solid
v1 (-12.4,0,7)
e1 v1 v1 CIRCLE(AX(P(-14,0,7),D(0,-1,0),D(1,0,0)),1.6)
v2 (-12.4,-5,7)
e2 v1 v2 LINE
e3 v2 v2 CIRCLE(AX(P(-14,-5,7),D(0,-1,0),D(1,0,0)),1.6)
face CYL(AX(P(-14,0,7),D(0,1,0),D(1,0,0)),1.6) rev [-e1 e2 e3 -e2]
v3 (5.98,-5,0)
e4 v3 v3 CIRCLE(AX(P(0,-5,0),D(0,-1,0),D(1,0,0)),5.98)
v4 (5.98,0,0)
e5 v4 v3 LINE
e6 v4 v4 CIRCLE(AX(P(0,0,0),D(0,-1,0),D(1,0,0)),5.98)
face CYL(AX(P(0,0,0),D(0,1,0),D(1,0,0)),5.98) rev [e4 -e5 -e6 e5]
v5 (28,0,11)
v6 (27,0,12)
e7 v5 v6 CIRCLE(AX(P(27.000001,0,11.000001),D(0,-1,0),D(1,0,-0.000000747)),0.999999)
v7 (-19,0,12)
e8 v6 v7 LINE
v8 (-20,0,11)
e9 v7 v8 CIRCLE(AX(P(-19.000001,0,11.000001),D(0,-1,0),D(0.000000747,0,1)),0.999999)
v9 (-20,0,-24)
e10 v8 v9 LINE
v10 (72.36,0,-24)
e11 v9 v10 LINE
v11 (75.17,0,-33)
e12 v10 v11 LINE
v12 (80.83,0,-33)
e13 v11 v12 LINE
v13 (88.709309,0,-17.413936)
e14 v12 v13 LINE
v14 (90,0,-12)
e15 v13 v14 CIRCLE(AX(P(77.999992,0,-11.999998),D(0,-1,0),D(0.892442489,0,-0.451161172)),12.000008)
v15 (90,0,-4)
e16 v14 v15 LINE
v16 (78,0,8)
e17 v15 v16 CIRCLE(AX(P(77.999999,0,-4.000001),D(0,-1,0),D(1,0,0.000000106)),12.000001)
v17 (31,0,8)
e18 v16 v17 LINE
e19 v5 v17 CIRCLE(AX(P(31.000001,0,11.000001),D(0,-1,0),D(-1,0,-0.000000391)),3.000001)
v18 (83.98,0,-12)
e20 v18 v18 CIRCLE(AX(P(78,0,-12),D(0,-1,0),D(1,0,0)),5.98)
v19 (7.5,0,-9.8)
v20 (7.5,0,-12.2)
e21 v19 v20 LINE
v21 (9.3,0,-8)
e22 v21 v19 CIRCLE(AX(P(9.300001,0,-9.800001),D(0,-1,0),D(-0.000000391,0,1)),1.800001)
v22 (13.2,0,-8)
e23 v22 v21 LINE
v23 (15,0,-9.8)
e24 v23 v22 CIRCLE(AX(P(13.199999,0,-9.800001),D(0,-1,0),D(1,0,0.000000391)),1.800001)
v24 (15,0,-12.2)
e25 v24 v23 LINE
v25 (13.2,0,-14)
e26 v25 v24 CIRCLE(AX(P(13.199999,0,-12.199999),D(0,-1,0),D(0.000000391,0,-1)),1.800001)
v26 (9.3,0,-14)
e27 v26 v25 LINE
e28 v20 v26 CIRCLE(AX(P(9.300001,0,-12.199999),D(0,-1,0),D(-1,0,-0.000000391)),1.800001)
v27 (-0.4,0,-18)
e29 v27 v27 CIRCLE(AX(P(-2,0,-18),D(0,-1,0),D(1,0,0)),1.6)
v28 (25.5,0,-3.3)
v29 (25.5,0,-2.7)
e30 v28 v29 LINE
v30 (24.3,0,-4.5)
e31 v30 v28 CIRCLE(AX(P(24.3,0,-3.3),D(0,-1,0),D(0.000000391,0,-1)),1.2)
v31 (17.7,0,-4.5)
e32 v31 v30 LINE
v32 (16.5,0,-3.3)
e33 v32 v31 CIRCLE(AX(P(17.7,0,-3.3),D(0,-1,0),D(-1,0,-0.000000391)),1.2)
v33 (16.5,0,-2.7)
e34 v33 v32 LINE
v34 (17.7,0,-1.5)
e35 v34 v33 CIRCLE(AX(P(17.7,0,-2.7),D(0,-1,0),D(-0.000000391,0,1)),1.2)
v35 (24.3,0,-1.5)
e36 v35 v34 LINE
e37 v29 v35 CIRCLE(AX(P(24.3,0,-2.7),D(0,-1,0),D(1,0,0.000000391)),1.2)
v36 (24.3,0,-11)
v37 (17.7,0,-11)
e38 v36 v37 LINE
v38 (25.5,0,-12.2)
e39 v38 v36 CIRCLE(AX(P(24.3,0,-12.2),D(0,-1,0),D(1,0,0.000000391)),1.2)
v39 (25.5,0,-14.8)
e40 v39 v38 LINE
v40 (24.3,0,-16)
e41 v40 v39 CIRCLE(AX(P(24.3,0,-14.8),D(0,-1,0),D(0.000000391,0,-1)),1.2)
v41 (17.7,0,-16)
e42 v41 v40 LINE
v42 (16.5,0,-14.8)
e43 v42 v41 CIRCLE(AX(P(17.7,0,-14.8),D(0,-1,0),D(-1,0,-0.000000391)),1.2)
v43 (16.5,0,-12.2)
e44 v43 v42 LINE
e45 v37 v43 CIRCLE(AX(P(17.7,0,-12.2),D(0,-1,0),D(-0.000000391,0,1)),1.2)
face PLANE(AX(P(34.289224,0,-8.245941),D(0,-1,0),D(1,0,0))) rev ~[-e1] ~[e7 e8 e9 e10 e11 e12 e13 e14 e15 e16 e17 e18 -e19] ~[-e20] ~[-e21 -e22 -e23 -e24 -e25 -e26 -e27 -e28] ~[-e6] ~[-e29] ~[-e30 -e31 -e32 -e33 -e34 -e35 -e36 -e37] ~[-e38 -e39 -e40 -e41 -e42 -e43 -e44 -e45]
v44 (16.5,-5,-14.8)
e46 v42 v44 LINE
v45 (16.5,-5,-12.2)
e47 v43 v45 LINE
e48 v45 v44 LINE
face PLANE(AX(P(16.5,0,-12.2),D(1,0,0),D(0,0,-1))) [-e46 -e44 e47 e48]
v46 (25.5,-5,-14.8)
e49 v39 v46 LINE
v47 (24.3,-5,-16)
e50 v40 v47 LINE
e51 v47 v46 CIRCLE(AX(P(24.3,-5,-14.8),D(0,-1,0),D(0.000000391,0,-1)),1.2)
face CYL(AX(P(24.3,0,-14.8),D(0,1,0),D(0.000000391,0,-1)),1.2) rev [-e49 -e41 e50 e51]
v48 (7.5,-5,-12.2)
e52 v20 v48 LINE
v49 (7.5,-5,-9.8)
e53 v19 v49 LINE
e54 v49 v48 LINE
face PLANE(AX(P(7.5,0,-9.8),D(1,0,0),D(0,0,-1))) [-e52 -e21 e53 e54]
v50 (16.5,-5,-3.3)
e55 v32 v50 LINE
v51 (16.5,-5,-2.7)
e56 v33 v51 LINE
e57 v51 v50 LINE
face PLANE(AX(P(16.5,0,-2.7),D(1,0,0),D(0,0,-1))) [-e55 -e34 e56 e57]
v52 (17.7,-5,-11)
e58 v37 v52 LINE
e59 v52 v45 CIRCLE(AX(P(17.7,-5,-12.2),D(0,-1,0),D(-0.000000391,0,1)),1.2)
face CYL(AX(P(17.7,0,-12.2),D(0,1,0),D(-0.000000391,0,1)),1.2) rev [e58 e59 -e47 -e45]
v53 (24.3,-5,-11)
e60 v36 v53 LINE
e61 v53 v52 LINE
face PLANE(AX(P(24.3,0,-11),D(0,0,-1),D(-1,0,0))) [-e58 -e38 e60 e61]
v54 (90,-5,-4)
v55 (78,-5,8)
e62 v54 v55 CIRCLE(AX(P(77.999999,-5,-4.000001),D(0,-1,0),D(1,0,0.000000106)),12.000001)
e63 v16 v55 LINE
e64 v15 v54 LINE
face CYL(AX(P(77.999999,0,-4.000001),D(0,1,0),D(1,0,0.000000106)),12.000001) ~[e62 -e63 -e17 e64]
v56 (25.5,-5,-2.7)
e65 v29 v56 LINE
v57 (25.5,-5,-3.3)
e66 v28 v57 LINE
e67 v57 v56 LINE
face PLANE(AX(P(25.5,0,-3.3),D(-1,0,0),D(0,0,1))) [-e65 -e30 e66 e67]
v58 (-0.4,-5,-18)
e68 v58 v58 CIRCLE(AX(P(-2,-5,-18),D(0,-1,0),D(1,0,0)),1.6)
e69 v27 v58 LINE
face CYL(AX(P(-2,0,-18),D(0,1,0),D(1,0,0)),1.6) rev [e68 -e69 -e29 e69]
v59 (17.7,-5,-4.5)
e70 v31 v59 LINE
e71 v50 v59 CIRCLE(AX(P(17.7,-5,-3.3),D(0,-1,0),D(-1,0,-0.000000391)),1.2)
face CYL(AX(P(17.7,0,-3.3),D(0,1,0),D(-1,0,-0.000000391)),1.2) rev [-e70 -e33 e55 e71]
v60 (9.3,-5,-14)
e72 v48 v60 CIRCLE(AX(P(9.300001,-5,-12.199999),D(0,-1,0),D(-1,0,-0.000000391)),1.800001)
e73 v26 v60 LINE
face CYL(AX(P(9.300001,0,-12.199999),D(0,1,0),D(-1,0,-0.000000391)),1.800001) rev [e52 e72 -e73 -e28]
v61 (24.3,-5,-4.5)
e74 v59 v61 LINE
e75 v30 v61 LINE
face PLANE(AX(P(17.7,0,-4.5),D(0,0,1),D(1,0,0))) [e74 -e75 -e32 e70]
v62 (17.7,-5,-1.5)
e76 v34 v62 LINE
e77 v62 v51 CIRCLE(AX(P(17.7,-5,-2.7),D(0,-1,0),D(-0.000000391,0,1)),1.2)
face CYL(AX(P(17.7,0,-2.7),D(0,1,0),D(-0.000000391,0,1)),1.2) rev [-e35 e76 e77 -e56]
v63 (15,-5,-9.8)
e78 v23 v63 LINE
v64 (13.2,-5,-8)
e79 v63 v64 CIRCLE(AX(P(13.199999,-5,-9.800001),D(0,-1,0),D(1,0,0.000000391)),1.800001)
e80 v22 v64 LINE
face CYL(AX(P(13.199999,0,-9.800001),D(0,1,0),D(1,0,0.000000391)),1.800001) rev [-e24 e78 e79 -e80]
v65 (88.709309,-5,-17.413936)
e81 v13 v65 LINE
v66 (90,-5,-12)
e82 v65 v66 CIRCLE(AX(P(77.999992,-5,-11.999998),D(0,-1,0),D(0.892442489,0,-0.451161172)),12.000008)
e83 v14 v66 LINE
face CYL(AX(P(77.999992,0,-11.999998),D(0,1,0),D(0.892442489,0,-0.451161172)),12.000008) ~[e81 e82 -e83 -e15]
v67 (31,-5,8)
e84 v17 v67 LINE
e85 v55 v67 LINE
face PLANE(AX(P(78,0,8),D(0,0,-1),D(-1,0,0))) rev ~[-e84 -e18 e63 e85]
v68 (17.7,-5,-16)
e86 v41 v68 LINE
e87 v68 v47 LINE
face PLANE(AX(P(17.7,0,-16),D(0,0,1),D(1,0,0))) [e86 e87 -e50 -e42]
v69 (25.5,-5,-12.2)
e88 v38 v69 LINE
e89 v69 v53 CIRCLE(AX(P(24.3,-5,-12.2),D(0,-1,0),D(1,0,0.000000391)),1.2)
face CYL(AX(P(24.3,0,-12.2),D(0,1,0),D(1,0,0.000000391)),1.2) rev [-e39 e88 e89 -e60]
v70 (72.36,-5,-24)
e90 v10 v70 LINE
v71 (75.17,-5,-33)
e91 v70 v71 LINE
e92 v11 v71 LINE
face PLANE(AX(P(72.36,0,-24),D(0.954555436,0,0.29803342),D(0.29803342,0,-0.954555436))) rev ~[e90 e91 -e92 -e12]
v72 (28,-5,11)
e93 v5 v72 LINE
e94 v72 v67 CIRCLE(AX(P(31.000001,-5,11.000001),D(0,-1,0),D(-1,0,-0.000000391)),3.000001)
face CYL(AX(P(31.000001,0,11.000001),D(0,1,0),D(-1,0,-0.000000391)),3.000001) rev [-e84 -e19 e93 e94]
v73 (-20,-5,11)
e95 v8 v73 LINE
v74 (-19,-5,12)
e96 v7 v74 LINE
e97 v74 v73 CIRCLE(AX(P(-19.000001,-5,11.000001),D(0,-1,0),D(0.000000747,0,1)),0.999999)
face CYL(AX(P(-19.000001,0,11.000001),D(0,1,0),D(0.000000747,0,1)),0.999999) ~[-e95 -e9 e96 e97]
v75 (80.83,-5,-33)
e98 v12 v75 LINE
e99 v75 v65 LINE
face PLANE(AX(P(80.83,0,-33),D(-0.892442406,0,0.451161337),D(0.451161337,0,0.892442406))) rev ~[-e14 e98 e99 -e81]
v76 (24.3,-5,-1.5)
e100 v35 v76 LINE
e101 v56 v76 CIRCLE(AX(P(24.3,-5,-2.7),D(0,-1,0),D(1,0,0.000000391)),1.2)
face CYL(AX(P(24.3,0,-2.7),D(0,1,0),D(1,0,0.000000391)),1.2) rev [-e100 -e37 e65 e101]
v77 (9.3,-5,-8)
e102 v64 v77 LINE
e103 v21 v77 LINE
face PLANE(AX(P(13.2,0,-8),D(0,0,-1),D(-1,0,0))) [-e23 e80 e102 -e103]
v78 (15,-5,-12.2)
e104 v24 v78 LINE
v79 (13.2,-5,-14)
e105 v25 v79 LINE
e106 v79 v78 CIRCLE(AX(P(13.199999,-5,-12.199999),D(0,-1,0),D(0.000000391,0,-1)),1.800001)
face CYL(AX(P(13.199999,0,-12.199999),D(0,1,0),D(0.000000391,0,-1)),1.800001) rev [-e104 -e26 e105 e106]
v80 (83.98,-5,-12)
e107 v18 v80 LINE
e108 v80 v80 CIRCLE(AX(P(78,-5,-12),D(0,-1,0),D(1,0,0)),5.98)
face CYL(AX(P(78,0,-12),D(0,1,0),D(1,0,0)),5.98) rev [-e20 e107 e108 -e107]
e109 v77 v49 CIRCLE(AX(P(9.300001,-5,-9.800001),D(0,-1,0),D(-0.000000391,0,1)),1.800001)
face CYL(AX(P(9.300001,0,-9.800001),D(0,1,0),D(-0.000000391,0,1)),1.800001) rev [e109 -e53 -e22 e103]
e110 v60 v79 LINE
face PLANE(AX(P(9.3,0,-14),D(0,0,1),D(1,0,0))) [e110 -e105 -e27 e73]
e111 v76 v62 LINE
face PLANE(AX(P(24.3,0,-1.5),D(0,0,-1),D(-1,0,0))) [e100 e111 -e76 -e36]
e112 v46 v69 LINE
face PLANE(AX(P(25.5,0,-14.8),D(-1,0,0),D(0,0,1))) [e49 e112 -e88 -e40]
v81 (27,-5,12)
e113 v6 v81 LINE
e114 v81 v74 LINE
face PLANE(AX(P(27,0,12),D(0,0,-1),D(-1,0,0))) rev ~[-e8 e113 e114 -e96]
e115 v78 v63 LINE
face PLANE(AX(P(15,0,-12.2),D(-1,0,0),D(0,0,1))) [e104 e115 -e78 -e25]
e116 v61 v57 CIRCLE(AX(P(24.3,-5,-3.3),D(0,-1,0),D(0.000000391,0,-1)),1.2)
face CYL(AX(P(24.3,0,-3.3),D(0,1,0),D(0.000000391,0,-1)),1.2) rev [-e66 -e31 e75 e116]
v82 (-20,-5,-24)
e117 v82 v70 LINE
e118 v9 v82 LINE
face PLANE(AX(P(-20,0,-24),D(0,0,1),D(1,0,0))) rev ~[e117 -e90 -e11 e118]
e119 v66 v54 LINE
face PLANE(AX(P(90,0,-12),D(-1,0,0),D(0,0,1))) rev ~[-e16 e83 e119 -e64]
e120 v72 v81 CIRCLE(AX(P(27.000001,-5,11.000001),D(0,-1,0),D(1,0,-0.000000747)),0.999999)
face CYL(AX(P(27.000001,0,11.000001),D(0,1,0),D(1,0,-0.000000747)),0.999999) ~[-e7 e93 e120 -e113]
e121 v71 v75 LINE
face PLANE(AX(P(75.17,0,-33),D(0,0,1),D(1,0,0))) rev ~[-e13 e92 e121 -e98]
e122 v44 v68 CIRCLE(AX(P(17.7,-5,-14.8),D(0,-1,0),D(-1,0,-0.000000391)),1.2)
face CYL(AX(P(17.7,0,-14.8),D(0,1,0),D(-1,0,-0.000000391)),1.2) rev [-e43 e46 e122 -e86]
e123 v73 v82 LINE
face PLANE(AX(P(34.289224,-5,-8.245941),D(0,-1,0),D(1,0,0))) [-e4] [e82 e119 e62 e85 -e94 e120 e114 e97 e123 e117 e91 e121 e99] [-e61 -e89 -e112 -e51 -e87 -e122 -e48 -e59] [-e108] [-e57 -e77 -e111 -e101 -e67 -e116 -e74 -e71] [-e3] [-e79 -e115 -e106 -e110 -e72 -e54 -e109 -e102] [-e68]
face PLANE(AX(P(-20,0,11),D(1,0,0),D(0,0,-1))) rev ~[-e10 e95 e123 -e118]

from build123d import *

# Parameters (mm, degrees)
SKETCH041_R   = 1.6
SKETCH041_R_2 = 5.98
PAD_DEPTH     = 5


with BuildPart() as part:
    # Sketch041 → Pad (new body)
    with BuildSketch(Plane.XZ):
        with BuildLine():
            Line((75.17, -33), (80.83, -33))
            Line((80.83, -33), (88.709309, -17.413936))
            ThreePointArc((88.709309, -17.413936), (89.672868, -14.782831), (90, -12))
            Line((90, -12), (90, -4))
            ThreePointArc((90, -4), (86.485281, 4.485281), (78, 8))
            Line((78, 8), (31, 8))
            ThreePointArc((28, 11), (28.87868, 8.87868), (31, 8))
            ThreePointArc((28, 11), (27.707107, 11.707107), (27, 12))
            Line((27, 12), (-19, 12))
            ThreePointArc((-19, 12), (-19.707107, 11.707107), (-20, 11))
            Line((-20, 11), (-20, -24))
            Line((-20, -24), (72.36, -24))
            Line((72.36, -24), (75.17, -33))
        make_face()
        with Locations((-14, 7)):
            Circle(SKETCH041_R, mode=Mode.SUBTRACT)
        with Locations((-2, -18)):
            Circle(SKETCH041_R, mode=Mode.SUBTRACT)
        Circle(SKETCH041_R_2, mode=Mode.SUBTRACT)
        with Locations((78, -12)):
            Circle(SKETCH041_R_2, mode=Mode.SUBTRACT)
        with BuildLine():
            ThreePointArc((7.5, -12.2), (8.027208, -13.472792), (9.3, -14))
            Line((9.3, -14), (13.2, -14))
            ThreePointArc((13.2, -14), (14.472792, -13.472792), (15, -12.2))
            Line((15, -12.2), (15, -9.8))
            ThreePointArc((15, -9.8), (14.472792, -8.527208), (13.2, -8))
            Line((13.2, -8), (9.3, -8))
            ThreePointArc((9.3, -8), (8.027208, -8.527208), (7.5, -9.8))
            Line((7.5, -9.8), (7.5, -12.2))
        make_face(mode=Mode.SUBTRACT)
        with BuildLine():
            Line((17.7, -4.5), (24.3, -4.5))
            ThreePointArc((24.3, -4.5), (25.148528, -4.148528), (25.5, -3.3))
            Line((25.5, -3.3), (25.5, -2.7))
            ThreePointArc((25.5, -2.7), (25.148528, -1.851472), (24.3, -1.5))
            Line((24.3, -1.5), (17.7, -1.5))
            ThreePointArc((17.7, -1.5), (16.851472, -1.851472), (16.5, -2.7))
            Line((16.5, -2.7), (16.5, -3.3))
            ThreePointArc((16.5, -3.3), (16.851472, -4.148528), (17.7, -4.5))
        make_face(mode=Mode.SUBTRACT)
        with BuildLine():
            Line((17.7, -16), (24.3, -16))
            ThreePointArc((24.3, -16), (25.148528, -15.648528), (25.5, -14.8))
            Line((25.5, -14.8), (25.5, -12.2))
            ThreePointArc((25.5, -12.2), (25.148528, -11.351472), (24.3, -11))
            Line((24.3, -11), (17.7, -11))
            ThreePointArc((17.7, -11), (16.851472, -11.351472), (16.5, -12.2))
            Line((16.5, -12.2), (16.5, -14.8))
            ThreePointArc((16.5, -14.8), (16.851472, -15.648528), (17.7, -16))
        make_face(mode=Mode.SUBTRACT)
    extrude(amount=PAD_DEPTH)


solid = part.part
